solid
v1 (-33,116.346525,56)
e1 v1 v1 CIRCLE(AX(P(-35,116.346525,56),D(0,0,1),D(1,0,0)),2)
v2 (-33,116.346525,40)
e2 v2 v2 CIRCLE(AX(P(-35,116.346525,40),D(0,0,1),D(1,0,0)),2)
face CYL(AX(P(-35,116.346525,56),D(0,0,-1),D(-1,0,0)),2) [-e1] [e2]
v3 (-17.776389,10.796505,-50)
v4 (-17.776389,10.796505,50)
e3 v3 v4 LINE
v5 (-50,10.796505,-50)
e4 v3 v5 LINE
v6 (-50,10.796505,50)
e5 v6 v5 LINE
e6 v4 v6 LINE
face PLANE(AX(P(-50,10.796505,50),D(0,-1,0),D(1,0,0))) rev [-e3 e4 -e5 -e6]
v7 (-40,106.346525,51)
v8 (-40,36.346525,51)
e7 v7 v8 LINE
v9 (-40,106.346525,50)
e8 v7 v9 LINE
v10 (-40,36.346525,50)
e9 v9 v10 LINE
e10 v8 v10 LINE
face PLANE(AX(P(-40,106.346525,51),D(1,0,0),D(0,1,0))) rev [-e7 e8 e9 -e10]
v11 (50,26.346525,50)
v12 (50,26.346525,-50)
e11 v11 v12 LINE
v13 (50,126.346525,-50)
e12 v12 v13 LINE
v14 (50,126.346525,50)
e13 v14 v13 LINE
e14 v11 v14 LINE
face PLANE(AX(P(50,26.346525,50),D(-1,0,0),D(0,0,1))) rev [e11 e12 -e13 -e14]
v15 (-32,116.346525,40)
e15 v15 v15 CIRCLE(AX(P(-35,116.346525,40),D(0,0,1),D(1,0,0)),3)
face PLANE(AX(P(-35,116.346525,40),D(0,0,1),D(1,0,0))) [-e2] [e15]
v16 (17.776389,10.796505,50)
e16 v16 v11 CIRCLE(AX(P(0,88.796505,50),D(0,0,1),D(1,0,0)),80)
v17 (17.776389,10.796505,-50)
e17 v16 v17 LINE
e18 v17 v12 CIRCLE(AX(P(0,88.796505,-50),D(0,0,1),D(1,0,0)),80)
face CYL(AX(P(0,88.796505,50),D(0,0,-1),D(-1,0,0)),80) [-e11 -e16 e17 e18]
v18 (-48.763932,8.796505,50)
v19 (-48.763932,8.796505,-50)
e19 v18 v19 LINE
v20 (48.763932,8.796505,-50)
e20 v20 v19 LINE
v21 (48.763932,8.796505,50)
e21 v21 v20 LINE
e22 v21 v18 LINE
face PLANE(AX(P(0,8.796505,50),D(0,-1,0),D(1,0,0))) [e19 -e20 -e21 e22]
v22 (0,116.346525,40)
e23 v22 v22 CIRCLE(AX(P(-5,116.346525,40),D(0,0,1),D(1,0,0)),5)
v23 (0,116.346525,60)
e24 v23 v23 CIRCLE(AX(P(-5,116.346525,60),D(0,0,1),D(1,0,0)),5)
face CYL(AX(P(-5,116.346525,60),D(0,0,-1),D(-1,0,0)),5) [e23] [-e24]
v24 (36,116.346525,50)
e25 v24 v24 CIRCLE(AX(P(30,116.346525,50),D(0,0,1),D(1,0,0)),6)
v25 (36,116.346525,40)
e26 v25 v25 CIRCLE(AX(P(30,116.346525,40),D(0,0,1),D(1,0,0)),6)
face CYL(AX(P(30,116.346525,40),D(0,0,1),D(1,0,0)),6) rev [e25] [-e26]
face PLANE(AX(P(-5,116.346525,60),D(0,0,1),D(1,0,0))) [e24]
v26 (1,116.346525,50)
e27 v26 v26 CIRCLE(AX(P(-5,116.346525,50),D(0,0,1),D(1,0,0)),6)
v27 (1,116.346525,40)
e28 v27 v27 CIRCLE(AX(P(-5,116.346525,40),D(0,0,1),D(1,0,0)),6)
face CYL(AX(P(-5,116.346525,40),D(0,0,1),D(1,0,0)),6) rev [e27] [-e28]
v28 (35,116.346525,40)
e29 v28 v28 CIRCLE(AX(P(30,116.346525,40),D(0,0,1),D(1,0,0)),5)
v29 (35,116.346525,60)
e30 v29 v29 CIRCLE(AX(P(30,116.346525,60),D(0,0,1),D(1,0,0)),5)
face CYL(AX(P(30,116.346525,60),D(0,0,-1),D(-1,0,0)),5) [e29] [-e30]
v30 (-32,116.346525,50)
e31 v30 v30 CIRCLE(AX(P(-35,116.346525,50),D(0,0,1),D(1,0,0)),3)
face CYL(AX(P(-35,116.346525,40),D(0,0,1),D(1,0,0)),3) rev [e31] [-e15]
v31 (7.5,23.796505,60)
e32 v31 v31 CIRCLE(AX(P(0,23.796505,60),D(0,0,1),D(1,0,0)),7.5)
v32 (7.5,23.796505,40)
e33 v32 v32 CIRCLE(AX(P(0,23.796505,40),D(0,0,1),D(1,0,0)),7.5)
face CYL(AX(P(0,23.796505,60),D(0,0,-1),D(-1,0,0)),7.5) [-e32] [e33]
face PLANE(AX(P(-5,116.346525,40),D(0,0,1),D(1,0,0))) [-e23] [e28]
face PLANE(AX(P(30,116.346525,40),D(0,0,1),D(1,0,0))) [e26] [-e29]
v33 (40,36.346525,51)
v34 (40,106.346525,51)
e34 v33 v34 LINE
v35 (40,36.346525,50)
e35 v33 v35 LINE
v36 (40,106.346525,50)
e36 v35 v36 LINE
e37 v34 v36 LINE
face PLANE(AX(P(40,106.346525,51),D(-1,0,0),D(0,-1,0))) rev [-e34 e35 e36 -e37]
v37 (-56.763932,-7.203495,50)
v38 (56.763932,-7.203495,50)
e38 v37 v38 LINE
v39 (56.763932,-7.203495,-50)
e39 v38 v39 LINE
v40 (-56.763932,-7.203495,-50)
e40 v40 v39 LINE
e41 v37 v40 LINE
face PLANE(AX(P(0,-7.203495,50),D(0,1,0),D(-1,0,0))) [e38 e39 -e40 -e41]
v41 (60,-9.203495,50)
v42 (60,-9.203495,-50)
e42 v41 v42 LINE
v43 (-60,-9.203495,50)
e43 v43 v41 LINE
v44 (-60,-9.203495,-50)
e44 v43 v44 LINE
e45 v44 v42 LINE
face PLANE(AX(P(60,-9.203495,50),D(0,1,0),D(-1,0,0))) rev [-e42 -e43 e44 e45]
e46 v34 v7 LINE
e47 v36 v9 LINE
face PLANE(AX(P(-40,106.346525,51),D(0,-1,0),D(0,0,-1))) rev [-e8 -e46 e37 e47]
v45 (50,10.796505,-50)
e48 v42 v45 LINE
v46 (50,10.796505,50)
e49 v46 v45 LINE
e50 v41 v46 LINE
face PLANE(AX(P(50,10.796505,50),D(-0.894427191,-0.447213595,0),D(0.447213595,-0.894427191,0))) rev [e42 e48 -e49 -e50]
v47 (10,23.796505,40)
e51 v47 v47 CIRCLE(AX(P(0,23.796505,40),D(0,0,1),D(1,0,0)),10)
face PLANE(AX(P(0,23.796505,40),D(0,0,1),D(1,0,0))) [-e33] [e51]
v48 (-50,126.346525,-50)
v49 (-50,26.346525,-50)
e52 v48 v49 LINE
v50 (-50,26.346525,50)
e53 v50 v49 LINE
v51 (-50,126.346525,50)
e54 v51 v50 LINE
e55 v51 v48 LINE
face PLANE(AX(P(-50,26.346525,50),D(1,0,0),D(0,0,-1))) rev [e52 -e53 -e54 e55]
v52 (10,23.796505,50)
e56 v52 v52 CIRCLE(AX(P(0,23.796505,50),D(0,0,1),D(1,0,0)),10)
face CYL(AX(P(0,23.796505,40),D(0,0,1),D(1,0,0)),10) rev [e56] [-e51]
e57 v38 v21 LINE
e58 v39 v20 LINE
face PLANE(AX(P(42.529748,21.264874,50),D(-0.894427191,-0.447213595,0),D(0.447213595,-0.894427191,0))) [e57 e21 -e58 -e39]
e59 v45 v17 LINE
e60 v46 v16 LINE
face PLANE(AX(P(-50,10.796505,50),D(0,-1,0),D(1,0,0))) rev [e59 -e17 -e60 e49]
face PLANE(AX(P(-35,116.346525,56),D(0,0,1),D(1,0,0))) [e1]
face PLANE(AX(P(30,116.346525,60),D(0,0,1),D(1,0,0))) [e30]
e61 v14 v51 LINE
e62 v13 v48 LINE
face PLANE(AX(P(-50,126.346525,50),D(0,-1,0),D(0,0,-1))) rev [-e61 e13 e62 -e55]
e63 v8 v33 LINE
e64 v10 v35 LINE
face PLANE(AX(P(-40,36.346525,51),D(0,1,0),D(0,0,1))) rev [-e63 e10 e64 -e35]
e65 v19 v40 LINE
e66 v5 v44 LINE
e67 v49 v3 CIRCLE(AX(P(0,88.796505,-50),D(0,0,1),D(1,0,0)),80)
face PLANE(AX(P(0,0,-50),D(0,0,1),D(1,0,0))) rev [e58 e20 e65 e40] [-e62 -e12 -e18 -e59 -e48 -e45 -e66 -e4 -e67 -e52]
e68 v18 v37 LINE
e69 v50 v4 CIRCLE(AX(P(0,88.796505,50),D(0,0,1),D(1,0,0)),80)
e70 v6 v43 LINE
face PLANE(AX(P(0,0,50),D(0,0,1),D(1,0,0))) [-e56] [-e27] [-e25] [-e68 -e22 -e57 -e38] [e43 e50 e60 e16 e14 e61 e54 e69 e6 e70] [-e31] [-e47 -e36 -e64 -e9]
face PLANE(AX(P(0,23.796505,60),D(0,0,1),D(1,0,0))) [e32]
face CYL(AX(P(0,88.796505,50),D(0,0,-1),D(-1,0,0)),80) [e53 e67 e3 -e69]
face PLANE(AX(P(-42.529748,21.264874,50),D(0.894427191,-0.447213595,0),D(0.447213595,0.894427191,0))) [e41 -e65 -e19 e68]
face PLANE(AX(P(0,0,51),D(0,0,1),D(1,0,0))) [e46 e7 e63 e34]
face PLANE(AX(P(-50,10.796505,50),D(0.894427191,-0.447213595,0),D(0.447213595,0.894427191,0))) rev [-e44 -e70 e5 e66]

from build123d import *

# Parameters (mm, degrees)
EXTRUDE_1_DEPTH     = 50
EXTRUDE_1_2_DEPTH   = 50
SKETCH_3_W          = 80
SKETCH_3_H          = 70
EXTRUDE_2_DEPTH     = 1
SKETCH_4_R          = 3
SKETCH_4_R_2        = 6
SKETCH_4_R_3        = 10
CUT_EXTRUDE_1_DEPTH = 10
SKETCH_5_R          = 7.5
SKETCH_5_R_2        = 5
EXTRUDE_3_DEPTH     = 20
SKETCH_6_R          = 2
EXTRUDE_4_DEPTH     = 16


with BuildPart() as part:
    # 草图1 → Extrude 1 (new, symmetric)
    with BuildSketch(Plane.XY):
        Polygon((-50, 10.796505179), (50, 10.796505179), (60, -9.203494821), (-60, -9.203494821), align=None)
        Polygon((-48.763932023, 8.796505179), (48.763932023, 8.796505179), (56.763932023, -7.203494821), (-56.763932023, -7.203494821), align=None, mode=Mode.SUBTRACT)
    extrude(amount=EXTRUDE_1_DEPTH, both=True)

    # 草图2 → Extrude 1 2 (add, symmetric)
    with BuildSketch(Plane.XY):
        with BuildLine():
            Line((50, 26.346525195), (50, 126.346525195))
            Line((50, 126.346525195), (-50, 126.346525195))
            Line((-50, 126.346525195), (-50, 26.346525195))
            ThreePointArc((-50, 26.346525195), (0, 8.796505179), (50, 26.346525195))
        make_face()
    extrude(amount=EXTRUDE_1_2_DEPTH, both=True)

    # 草图3 → 凸台-拉伸2 (add)
    with BuildSketch(Plane.XY.offset(50)):
        with Locations((0, 71.346525195)):
            Rectangle(SKETCH_3_W, SKETCH_3_H)
    extrude(amount=EXTRUDE_2_DEPTH)

    # 草图4 → 切除-拉伸1 (cut)
    with BuildSketch(Plane.XY.offset(50)):
        with Locations((-35, 116.346525195)):
            Circle(SKETCH_4_R)
        with Locations((-5, 116.346525195)):
            Circle(SKETCH_4_R_2)
        with Locations((30, 116.346525195)):
            Circle(SKETCH_4_R_2)
        with Locations((0, 23.796505179)):
            Circle(SKETCH_4_R_3)
    extrude(amount=-CUT_EXTRUDE_1_DEPTH, mode=Mode.SUBTRACT)

    # 草图5 → 凸台-拉伸3 (add)
    with BuildSketch(Plane.XY.offset(40)):
        with Locations((0, 23.796505179)):
            Circle(SKETCH_5_R)
        with Locations((-5, 116.346525195)):
            Circle(SKETCH_5_R_2)
        with Locations((30, 116.346525195)):
            Circle(SKETCH_5_R_2)
    extrude(amount=EXTRUDE_3_DEPTH)

    # 草图6 → 凸台-拉伸4 (add)
    with BuildSketch(Plane.XY.offset(40)):
        with Locations((-35, 116.346525195)):
            Circle(SKETCH_6_R)
    extrude(amount=EXTRUDE_4_DEPTH)


solid = part.part
